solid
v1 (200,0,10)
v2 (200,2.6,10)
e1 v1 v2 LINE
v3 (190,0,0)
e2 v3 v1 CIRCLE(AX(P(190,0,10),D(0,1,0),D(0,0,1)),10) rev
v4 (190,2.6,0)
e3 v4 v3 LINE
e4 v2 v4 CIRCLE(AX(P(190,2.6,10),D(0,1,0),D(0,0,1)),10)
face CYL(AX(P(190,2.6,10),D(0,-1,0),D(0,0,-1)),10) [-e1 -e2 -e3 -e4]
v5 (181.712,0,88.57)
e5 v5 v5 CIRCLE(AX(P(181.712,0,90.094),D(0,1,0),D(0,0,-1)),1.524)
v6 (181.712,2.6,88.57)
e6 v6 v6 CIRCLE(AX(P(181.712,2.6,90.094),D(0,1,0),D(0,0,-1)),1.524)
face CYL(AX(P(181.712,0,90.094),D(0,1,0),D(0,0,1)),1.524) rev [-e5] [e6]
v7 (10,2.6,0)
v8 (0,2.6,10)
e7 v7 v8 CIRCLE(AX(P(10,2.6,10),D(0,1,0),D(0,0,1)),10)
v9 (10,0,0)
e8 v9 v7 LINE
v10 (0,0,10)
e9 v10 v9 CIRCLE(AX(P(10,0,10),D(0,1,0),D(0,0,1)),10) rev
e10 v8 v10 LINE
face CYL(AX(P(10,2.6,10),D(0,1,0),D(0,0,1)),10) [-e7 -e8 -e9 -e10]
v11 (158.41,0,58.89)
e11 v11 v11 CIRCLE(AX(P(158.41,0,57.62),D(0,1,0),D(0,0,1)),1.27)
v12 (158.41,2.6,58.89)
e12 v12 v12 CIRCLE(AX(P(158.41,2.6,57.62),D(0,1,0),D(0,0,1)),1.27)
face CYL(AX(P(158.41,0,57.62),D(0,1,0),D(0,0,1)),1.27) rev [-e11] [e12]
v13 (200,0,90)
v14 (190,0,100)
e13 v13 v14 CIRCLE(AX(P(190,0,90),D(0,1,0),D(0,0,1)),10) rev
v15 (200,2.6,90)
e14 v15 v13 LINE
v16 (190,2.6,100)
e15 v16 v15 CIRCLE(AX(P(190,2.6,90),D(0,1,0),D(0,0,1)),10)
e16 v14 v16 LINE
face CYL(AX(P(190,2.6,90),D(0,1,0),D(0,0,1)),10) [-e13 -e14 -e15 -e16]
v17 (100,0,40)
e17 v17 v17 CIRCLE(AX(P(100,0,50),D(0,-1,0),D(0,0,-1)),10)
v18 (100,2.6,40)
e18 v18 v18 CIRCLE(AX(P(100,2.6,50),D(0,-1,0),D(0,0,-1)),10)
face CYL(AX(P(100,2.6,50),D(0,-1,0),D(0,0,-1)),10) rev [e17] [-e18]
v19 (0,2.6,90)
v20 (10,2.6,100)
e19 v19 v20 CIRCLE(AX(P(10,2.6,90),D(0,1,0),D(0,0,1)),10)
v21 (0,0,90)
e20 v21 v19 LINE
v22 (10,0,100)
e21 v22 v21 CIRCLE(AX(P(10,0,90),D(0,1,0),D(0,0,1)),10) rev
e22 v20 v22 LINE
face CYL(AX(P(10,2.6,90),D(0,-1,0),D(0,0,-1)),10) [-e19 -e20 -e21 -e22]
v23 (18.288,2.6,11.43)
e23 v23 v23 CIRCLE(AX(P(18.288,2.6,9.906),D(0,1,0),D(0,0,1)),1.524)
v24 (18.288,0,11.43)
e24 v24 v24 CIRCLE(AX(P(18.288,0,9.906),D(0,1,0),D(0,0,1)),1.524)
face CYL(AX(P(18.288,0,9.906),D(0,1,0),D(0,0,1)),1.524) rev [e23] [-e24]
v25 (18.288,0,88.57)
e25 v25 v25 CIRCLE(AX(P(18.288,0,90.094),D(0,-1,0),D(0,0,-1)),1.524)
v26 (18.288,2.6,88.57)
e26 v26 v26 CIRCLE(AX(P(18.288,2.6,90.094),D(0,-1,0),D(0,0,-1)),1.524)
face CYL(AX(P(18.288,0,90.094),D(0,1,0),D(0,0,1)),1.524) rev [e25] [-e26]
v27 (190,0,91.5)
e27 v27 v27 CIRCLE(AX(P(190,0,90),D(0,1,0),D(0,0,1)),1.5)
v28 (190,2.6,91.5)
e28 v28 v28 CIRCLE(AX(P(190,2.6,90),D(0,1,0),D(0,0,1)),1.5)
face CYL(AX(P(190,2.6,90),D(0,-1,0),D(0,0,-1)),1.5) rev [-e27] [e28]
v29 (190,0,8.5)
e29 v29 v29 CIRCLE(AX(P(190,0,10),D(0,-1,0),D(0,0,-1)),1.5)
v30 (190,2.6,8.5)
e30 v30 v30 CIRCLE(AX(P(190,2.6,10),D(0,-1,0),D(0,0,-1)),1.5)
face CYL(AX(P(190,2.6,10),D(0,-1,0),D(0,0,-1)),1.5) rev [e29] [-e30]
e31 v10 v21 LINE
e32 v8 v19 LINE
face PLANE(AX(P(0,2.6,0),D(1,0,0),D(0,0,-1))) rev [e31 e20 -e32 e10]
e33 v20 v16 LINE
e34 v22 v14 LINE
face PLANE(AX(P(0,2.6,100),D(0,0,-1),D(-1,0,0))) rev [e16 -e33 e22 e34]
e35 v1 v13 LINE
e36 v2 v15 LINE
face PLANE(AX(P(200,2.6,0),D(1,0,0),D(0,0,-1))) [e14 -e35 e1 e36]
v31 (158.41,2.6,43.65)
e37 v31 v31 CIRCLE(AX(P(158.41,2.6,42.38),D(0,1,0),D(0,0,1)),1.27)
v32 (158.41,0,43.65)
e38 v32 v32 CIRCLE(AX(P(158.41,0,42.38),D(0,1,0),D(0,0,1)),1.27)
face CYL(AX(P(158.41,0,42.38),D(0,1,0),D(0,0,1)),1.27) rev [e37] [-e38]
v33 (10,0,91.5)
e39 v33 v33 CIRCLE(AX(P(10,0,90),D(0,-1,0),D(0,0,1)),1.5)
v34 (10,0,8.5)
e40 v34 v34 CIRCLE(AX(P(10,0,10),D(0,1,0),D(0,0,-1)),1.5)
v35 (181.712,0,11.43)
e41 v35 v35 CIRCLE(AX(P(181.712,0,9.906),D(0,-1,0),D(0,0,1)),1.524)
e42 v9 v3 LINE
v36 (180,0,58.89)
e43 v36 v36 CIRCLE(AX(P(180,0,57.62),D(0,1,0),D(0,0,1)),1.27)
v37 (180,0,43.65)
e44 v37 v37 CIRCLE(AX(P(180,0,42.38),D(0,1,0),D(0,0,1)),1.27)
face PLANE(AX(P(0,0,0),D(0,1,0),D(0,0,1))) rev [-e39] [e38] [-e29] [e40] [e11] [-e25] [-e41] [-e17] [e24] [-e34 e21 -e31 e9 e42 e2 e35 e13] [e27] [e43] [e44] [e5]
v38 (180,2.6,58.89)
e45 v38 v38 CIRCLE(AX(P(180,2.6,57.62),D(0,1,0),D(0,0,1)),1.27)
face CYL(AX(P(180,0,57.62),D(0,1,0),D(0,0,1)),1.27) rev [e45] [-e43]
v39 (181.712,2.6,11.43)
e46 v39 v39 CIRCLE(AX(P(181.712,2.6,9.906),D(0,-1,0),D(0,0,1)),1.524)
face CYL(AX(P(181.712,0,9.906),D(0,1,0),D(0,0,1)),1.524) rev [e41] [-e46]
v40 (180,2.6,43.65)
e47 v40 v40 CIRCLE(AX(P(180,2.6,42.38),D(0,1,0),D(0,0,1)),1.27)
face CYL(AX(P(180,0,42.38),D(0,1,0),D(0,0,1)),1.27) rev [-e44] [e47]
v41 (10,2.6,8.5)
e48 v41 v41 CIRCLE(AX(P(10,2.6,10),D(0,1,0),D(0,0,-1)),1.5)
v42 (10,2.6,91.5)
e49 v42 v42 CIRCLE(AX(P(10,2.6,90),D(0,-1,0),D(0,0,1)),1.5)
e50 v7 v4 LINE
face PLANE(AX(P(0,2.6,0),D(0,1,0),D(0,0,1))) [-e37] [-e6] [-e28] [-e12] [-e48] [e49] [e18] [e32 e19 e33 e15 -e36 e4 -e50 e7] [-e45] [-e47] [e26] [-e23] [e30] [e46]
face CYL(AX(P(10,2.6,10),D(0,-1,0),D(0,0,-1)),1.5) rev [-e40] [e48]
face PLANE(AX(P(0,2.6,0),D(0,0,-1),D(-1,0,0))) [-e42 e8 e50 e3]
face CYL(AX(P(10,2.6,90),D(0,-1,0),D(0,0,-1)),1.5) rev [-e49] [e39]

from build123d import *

# Parameters (mm, degrees)
SKETCH1_W               = 200
SKETCH1_H               = 100
BOSS_EXTRUDE1_DEPTH     = 2.6
FILLET1_R               = 10
SKETCH6_R               = 1.5
CUT_EXTRUDE6_DEPTH      = 2.6
MIRROR6_COPY_1_SKETCH_R = 1.5
MIRROR6_COPY_1_DEPTH    = 2.6
SKETCH15_R              = 10
CUT_EXTRUDE14_DEPTH     = 224.621913059
SKETCH20_R              = 1.27
CUT_EXTRUDE15_DEPTH     = 224.621913059
SKETCH23_R              = 1.524
CUT_EXTRUDE16_DEPTH     = 2.59999988
MIRROR8_COPY_1_SKETCH_R = 1.524
MIRROR8_COPY_1_DEPTH    = 2.59999988


with BuildPart() as part:
    # Sketch1 → Boss-Extrude1 (new body)
    with BuildSketch(Plane(origin=(0, 0, 0), x_dir=(1, 0, 0), z_dir=(0, 1, 0))):
        with Locations((100, -50)):
            Rectangle(SKETCH1_W, SKETCH1_H)
    extrude(amount=BOSS_EXTRUDE1_DEPTH)

    # Fillet1
    fillet1_edges = [part.edges().sort_by_distance(p)[0] for p in [
        (0, 1.3, 0),
        (200, 1.3, 0),
        (200, 1.3, 100),
        (0, 1.3, 100),
    ]]
    fillet(fillet1_edges, radius=FILLET1_R)

    # Sketch6 → Cut-Extrude6 (cut)
    with BuildSketch(Plane.XZ):
        with Locations(Location((190, 10, 0), (0, 0, 270))):
            Circle(SKETCH6_R)
    cut_extrude6 = extrude(amount=-CUT_EXTRUDE6_DEPTH, mode=Mode.SUBTRACT)

    # Mirror5: Cut-Extrude6 across plane
    add(cut_extrude6.mirror(Plane(origin=(100, 0, 0), x_dir=(0, 0, 1), z_dir=(1, 0, 0))), mode=Mode.SUBTRACT)

    # Mirror6: Cut-Extrude6 across plane
    add(cut_extrude6.mirror(Plane.XY.offset(50)), mode=Mode.SUBTRACT)

    # Mirror6 copy 1 sketch → Mirror6 copy 1 (cut)
    with BuildSketch(Plane(origin=(200, 0, 100), x_dir=(-1, 0, 0), z_dir=(0, -1, 0))):
        with Locations(Location((190, 10, 0), (0, 0, 270))):
            Circle(MIRROR6_COPY_1_SKETCH_R)
    extrude(amount=-MIRROR6_COPY_1_DEPTH, mode=Mode.SUBTRACT)

    # Sketch15 → Cut-Extrude14 (cut, through all)
    with BuildSketch(Plane.XZ):
        with Locations(Location((100, 50, 0), (0, 0, 270))):
            Circle(SKETCH15_R)
    extrude(amount=-CUT_EXTRUDE14_DEPTH, mode=Mode.SUBTRACT)

    # Sketch20 → Cut-Extrude15 (cut, through all)
    with BuildSketch(Plane(origin=(0, 2.6, 0), x_dir=(1, 0, 0), z_dir=(0, 1, 0))):
        with Locations(Location((158.41, -42.38, 0), (0, 0, 270))):
            Circle(SKETCH20_R)
        with Locations(Location((180, -42.38, 0), (0, 0, 270))):
            Circle(SKETCH20_R)
        with Locations(Location((158.41, -57.62, 0), (0, 0, 270))):
            Circle(SKETCH20_R)
        with Locations(Location((180, -57.62, 0), (0, 0, 270))):
            Circle(SKETCH20_R)
    extrude(amount=-CUT_EXTRUDE15_DEPTH, mode=Mode.SUBTRACT)

    # Sketch23 → Cut-Extrude16 (cut)
    with BuildSketch(Plane(origin=(0, 2.6, 0), x_dir=(1, 0, 0), z_dir=(0, 1, 0))):
        with Locations(Location((18.288, -9.906, 0), (0, 0, 270))):
            Circle(SKETCH23_R)
    cut_extrude16 = extrude(amount=-CUT_EXTRUDE16_DEPTH, mode=Mode.SUBTRACT)

    # Mirror7: Cut-Extrude16 across plane
    add(cut_extrude16.mirror(Plane(origin=(100, 0, 0), x_dir=(0, 0, 1), z_dir=(1, 0, 0))), mode=Mode.SUBTRACT)

    # Mirror8: Cut-Extrude16 across plane
    add(cut_extrude16.mirror(Plane.XY.offset(50)), mode=Mode.SUBTRACT)

    # Mirror8 copy 1 sketch → Mirror8 copy 1 (cut)
    with BuildSketch(Plane(origin=(200, 2.6, 100), x_dir=(-1, 0, 0), z_dir=(0, 1, 0))):
        with Locations(Location((18.288, -9.906, 0), (0, 0, 270))):
            Circle(MIRROR8_COPY_1_SKETCH_R)
    extrude(amount=-MIRROR8_COPY_1_DEPTH, mode=Mode.SUBTRACT)


solid = part.part
